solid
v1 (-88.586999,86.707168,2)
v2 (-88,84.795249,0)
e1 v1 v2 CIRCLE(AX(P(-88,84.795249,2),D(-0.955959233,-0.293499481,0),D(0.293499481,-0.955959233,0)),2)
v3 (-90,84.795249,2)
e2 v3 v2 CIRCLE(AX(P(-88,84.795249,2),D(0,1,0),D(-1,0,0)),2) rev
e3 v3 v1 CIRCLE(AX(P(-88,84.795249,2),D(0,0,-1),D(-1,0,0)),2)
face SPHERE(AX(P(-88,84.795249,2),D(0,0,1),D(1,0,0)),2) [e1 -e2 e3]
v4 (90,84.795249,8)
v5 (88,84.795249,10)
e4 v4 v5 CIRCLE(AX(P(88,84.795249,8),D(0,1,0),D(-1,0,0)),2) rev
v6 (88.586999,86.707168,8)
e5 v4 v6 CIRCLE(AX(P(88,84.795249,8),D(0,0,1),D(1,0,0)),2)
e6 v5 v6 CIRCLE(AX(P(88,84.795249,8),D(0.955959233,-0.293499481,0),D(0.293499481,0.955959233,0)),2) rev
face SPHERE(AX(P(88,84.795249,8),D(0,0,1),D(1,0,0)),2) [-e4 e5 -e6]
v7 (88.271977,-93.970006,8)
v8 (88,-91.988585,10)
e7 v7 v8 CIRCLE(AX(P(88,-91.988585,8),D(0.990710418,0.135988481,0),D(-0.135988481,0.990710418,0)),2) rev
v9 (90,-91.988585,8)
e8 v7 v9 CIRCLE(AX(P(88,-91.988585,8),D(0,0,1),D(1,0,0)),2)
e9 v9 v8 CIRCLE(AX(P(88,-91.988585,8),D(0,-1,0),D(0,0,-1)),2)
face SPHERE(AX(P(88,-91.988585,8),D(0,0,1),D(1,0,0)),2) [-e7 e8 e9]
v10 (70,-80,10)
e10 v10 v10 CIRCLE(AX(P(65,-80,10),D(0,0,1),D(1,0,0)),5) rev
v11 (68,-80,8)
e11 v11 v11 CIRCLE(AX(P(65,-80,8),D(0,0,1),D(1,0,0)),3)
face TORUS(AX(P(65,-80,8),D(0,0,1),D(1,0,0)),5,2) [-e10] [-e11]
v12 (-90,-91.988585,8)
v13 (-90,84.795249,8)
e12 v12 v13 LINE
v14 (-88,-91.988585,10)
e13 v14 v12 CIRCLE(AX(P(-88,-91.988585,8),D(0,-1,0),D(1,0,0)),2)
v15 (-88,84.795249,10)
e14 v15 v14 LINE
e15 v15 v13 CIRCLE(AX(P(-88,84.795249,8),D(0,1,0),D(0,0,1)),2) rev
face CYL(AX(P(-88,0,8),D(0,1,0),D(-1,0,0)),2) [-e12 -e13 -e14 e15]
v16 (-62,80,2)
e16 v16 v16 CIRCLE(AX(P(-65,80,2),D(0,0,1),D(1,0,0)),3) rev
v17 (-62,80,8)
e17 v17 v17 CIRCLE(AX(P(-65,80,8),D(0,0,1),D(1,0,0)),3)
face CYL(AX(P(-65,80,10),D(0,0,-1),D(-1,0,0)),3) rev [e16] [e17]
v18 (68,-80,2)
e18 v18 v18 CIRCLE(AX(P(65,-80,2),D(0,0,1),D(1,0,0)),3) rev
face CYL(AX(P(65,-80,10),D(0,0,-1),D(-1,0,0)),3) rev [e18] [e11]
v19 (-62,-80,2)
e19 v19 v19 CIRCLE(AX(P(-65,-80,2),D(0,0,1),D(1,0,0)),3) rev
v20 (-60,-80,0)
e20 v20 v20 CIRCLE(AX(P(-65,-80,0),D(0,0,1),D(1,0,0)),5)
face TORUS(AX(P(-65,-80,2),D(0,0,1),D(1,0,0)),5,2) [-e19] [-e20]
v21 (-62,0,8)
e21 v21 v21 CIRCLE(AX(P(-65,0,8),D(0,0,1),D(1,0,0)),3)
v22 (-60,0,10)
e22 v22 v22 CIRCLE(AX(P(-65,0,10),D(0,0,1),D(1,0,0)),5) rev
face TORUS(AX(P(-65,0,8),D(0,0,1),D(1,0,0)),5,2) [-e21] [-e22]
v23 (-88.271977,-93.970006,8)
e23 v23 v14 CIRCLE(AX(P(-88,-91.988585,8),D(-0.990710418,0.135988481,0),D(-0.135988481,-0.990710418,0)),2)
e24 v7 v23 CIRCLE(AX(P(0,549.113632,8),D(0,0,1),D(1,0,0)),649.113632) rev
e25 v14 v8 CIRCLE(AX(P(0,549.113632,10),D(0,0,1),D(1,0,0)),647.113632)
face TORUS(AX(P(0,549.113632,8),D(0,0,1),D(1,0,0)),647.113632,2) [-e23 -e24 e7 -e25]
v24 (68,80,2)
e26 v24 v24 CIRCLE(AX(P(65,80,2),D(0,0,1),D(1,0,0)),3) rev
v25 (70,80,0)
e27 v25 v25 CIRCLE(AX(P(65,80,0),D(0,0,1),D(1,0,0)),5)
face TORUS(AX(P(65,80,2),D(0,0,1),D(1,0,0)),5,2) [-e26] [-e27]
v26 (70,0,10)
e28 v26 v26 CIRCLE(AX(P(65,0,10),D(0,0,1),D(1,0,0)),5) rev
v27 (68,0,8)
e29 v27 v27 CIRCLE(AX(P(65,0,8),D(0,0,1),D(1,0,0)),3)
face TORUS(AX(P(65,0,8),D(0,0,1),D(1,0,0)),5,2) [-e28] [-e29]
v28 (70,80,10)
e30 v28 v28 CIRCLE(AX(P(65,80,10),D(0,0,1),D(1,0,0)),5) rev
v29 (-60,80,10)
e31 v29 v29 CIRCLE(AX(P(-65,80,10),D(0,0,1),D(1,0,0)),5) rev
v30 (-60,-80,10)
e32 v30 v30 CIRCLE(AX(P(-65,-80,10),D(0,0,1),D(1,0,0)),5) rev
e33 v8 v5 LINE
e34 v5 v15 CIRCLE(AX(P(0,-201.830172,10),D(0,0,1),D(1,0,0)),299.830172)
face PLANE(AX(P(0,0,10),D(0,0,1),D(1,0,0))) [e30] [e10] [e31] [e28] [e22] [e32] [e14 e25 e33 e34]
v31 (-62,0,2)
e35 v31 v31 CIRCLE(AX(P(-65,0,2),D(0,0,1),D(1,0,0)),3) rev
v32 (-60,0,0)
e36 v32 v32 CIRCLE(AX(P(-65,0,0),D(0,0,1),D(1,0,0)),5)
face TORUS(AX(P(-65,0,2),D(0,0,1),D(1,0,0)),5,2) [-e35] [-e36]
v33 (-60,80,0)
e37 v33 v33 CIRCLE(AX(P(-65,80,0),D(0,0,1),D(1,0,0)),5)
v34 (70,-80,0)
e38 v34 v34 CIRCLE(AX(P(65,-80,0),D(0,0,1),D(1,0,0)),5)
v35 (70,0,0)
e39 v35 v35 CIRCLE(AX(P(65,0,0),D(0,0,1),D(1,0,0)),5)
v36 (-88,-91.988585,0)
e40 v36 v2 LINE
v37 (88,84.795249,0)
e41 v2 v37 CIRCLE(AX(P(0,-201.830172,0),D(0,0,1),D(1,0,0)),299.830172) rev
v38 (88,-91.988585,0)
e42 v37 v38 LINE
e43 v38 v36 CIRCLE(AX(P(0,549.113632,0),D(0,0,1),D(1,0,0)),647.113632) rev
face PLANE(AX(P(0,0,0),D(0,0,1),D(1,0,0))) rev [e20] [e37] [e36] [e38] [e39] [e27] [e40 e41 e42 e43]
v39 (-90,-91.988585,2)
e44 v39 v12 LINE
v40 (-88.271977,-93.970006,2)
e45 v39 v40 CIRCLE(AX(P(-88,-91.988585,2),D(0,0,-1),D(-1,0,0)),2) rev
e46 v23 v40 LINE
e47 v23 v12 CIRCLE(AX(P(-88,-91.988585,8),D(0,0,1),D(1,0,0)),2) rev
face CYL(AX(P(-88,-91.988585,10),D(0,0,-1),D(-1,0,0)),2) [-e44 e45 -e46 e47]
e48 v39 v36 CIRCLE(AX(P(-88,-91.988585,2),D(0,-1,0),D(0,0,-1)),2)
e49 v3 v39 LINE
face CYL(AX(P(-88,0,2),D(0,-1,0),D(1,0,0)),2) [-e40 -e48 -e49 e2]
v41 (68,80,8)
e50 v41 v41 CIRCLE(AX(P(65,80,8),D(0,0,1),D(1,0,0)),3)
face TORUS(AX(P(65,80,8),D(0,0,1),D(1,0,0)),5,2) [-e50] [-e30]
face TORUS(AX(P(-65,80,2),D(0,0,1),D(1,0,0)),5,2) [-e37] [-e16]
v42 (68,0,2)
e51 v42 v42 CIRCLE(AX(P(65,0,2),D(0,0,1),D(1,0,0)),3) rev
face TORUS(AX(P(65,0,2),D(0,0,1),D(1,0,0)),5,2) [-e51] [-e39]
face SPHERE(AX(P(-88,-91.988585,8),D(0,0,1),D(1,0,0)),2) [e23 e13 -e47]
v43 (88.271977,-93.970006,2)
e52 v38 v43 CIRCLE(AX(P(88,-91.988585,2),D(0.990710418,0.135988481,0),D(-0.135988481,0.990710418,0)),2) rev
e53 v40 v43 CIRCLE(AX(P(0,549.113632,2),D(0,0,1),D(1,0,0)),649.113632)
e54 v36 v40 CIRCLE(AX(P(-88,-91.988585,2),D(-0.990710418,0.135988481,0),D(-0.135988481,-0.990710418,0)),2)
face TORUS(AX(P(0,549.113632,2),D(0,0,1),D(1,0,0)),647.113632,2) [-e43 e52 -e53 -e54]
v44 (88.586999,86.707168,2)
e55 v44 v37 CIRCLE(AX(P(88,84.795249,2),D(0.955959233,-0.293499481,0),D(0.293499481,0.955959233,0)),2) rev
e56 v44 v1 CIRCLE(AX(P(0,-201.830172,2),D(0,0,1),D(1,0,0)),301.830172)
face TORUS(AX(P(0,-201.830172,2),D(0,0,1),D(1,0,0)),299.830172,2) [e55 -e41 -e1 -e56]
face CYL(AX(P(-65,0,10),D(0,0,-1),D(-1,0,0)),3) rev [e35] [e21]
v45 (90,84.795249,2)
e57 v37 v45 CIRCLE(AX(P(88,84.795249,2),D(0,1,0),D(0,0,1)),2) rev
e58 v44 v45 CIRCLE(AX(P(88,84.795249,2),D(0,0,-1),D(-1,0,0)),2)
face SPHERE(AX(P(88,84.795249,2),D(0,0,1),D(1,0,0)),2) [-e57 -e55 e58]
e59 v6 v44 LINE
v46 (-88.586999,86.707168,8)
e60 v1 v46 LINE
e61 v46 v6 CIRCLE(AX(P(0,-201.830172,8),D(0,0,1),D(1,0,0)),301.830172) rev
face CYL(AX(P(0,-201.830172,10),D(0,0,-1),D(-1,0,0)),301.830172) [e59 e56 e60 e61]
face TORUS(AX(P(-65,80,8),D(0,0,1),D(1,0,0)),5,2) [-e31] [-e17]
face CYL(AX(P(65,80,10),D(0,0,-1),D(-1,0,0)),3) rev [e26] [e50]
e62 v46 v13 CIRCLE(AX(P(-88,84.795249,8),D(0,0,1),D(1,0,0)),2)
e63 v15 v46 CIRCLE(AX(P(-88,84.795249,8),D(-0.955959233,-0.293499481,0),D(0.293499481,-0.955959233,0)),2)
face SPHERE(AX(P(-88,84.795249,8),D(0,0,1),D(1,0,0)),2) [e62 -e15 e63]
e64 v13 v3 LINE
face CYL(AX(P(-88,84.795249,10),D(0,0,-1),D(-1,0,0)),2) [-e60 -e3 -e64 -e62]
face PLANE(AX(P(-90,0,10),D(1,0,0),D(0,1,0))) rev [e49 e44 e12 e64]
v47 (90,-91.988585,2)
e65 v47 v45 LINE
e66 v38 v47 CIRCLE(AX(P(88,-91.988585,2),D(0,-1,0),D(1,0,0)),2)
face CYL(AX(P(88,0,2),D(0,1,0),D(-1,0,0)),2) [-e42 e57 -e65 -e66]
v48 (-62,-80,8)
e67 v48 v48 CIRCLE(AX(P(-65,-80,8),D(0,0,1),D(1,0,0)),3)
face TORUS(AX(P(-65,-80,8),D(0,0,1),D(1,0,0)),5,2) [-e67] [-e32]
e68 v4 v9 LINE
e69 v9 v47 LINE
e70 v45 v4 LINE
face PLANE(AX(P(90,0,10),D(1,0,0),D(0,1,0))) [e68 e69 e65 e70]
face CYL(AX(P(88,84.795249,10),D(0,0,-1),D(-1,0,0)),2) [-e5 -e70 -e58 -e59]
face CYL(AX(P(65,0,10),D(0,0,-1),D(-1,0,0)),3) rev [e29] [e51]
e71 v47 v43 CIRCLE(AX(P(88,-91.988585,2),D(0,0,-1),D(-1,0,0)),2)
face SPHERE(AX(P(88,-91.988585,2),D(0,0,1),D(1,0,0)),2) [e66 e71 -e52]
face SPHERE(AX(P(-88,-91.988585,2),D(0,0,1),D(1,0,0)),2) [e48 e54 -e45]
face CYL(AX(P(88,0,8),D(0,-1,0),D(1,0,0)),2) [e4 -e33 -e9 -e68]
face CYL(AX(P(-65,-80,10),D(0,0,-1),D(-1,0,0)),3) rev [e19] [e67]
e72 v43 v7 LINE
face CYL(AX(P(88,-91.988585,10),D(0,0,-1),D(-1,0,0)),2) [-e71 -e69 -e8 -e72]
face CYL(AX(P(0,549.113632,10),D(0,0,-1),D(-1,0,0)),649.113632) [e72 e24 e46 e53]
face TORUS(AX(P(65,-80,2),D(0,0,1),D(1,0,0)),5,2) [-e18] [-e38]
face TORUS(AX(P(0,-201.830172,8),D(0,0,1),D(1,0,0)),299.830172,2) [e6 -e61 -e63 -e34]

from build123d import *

# Parameters (mm, degrees)
SKETCH2_W                 = 180
SKETCH2_H                 = 180
BOSS_EXTRUDE1_DEPTH       = 10
SKETCH4_R                 = 3
CUT_EXTRUDE4_DEPTH        = 10
LPATTERN2_COUNT           = 2
LPATTERN2_PITCH           = 130
LPATTERN2_COUNT_DIR2      = 2
LPATTERN2_PITCH_DIR2      = 80
LPATTERN3_COUNT           = 2
LPATTERN3_PITCH           = 80
LPATTERN3_COPY_1_SKETCH_R = 3
LPATTERN3_COPY_1_DEPTH    = 10
LPATTERN3_COPY_2_SKETCH_R = 3
LPATTERN3_COPY_2_DEPTH    = 10
LPATTERN3_COPY_3_SKETCH_R = 3
LPATTERN3_COPY_3_DEPTH    = 10
FILLET1_R                 = 2


with BuildPart() as part:
    # Sketch2 → Boss-Extrude1 (new body)
    with BuildSketch(Plane.XY):
        with Locations((0, -3.730444936)):
            Rectangle(SKETCH2_W, SKETCH2_H)
        with BuildLine():
            ThreePointArc((-90, 86.269555064), (0, 100), (90, 86.269555064))
            Line((90, 86.269555064), (-90, 86.269555064))
        make_face()
        with BuildLine():
            ThreePointArc((90, -93.730444936), (0, -100), (-90, -93.730444936))
            Line((-90, -93.730444936), (90, -93.730444936))
        make_face()
    extrude(amount=BOSS_EXTRUDE1_DEPTH)

    # Sketch4 → Cut-Extrude4 (cut)
    with BuildSketch(Plane.XY):
        with Locations((-65, 0)):
            Circle(SKETCH4_R)
    cut_extrude4 = extrude(amount=CUT_EXTRUDE4_DEPTH, mode=Mode.SUBTRACT)

    # LPattern2: Cut-Extrude4 2 × 2
    with Locations(*[(i * LPATTERN2_PITCH, -j * LPATTERN2_PITCH_DIR2, 0) for i in range(LPATTERN2_COUNT) for j in range(LPATTERN2_COUNT_DIR2) if (i, j) != (0, 0)]):
        add(cut_extrude4, mode=Mode.SUBTRACT)

    # LPattern3: Cut-Extrude4 ×2
    with Locations(*[(0, i * LPATTERN3_PITCH, 0) for i in range(1, LPATTERN3_COUNT)]):
        add(cut_extrude4, mode=Mode.SUBTRACT)

    # LPattern3 copy 1 sketch → LPattern3 copy 1 (cut)
    with BuildSketch(Plane.XY):
        with Locations((-65, 0)):
            Circle(LPATTERN3_COPY_1_SKETCH_R)
    extrude(amount=LPATTERN3_COPY_1_DEPTH, mode=Mode.SUBTRACT)

    # LPattern3 copy 2 sketch → LPattern3 copy 2 (cut)
    with BuildSketch(Plane(origin=(130, 80, 0), x_dir=(1, 0, 0), z_dir=(0, 0, 1))):
        with Locations((-65, 0)):
            Circle(LPATTERN3_COPY_2_SKETCH_R)
    extrude(amount=LPATTERN3_COPY_2_DEPTH, mode=Mode.SUBTRACT)

    # LPattern3 copy 3 sketch → LPattern3 copy 3 (cut)
    with BuildSketch(Plane(origin=(130, 0, 0), x_dir=(1, 0, 0), z_dir=(0, 0, 1))):
        with Locations((-65, 0)):
            Circle(LPATTERN3_COPY_3_SKETCH_R)
    extrude(amount=LPATTERN3_COPY_3_DEPTH, mode=Mode.SUBTRACT)

    # Fillet1
    fillet1_edges = [part.edges().sort_by_distance(p)[0] for p in [
        (0, 100, 10),
        (-90, -3.730444936, 10),
        (-68, 0, 0),
        (-68, 0, 10),
        (0, -100, 10),
        (62, 0, 10),
        (62, 0, 0),
        (-68, -80, 10),
        (-68, -80, 0),
        (62, -80, 10),
        (62, -80, 0),
        (62, 80, 0),
        (62, 80, 10),
        (-68, 80, 0),
        (-68, 80, 10),
        (90, -3.730444936, 10),
        (0, -100, 0),
        (-90, -3.730444936, 0),
        (0, 100, 0),
        (90, -3.730444936, 0),
        (90, -93.730444936, 5),
        (-90, -93.730444936, 5),
        (-90, 86.269555064, 5),
        (90, 86.269555064, 5),
    ]]
    fillet(fillet1_edges, radius=FILLET1_R)


solid = part.part
